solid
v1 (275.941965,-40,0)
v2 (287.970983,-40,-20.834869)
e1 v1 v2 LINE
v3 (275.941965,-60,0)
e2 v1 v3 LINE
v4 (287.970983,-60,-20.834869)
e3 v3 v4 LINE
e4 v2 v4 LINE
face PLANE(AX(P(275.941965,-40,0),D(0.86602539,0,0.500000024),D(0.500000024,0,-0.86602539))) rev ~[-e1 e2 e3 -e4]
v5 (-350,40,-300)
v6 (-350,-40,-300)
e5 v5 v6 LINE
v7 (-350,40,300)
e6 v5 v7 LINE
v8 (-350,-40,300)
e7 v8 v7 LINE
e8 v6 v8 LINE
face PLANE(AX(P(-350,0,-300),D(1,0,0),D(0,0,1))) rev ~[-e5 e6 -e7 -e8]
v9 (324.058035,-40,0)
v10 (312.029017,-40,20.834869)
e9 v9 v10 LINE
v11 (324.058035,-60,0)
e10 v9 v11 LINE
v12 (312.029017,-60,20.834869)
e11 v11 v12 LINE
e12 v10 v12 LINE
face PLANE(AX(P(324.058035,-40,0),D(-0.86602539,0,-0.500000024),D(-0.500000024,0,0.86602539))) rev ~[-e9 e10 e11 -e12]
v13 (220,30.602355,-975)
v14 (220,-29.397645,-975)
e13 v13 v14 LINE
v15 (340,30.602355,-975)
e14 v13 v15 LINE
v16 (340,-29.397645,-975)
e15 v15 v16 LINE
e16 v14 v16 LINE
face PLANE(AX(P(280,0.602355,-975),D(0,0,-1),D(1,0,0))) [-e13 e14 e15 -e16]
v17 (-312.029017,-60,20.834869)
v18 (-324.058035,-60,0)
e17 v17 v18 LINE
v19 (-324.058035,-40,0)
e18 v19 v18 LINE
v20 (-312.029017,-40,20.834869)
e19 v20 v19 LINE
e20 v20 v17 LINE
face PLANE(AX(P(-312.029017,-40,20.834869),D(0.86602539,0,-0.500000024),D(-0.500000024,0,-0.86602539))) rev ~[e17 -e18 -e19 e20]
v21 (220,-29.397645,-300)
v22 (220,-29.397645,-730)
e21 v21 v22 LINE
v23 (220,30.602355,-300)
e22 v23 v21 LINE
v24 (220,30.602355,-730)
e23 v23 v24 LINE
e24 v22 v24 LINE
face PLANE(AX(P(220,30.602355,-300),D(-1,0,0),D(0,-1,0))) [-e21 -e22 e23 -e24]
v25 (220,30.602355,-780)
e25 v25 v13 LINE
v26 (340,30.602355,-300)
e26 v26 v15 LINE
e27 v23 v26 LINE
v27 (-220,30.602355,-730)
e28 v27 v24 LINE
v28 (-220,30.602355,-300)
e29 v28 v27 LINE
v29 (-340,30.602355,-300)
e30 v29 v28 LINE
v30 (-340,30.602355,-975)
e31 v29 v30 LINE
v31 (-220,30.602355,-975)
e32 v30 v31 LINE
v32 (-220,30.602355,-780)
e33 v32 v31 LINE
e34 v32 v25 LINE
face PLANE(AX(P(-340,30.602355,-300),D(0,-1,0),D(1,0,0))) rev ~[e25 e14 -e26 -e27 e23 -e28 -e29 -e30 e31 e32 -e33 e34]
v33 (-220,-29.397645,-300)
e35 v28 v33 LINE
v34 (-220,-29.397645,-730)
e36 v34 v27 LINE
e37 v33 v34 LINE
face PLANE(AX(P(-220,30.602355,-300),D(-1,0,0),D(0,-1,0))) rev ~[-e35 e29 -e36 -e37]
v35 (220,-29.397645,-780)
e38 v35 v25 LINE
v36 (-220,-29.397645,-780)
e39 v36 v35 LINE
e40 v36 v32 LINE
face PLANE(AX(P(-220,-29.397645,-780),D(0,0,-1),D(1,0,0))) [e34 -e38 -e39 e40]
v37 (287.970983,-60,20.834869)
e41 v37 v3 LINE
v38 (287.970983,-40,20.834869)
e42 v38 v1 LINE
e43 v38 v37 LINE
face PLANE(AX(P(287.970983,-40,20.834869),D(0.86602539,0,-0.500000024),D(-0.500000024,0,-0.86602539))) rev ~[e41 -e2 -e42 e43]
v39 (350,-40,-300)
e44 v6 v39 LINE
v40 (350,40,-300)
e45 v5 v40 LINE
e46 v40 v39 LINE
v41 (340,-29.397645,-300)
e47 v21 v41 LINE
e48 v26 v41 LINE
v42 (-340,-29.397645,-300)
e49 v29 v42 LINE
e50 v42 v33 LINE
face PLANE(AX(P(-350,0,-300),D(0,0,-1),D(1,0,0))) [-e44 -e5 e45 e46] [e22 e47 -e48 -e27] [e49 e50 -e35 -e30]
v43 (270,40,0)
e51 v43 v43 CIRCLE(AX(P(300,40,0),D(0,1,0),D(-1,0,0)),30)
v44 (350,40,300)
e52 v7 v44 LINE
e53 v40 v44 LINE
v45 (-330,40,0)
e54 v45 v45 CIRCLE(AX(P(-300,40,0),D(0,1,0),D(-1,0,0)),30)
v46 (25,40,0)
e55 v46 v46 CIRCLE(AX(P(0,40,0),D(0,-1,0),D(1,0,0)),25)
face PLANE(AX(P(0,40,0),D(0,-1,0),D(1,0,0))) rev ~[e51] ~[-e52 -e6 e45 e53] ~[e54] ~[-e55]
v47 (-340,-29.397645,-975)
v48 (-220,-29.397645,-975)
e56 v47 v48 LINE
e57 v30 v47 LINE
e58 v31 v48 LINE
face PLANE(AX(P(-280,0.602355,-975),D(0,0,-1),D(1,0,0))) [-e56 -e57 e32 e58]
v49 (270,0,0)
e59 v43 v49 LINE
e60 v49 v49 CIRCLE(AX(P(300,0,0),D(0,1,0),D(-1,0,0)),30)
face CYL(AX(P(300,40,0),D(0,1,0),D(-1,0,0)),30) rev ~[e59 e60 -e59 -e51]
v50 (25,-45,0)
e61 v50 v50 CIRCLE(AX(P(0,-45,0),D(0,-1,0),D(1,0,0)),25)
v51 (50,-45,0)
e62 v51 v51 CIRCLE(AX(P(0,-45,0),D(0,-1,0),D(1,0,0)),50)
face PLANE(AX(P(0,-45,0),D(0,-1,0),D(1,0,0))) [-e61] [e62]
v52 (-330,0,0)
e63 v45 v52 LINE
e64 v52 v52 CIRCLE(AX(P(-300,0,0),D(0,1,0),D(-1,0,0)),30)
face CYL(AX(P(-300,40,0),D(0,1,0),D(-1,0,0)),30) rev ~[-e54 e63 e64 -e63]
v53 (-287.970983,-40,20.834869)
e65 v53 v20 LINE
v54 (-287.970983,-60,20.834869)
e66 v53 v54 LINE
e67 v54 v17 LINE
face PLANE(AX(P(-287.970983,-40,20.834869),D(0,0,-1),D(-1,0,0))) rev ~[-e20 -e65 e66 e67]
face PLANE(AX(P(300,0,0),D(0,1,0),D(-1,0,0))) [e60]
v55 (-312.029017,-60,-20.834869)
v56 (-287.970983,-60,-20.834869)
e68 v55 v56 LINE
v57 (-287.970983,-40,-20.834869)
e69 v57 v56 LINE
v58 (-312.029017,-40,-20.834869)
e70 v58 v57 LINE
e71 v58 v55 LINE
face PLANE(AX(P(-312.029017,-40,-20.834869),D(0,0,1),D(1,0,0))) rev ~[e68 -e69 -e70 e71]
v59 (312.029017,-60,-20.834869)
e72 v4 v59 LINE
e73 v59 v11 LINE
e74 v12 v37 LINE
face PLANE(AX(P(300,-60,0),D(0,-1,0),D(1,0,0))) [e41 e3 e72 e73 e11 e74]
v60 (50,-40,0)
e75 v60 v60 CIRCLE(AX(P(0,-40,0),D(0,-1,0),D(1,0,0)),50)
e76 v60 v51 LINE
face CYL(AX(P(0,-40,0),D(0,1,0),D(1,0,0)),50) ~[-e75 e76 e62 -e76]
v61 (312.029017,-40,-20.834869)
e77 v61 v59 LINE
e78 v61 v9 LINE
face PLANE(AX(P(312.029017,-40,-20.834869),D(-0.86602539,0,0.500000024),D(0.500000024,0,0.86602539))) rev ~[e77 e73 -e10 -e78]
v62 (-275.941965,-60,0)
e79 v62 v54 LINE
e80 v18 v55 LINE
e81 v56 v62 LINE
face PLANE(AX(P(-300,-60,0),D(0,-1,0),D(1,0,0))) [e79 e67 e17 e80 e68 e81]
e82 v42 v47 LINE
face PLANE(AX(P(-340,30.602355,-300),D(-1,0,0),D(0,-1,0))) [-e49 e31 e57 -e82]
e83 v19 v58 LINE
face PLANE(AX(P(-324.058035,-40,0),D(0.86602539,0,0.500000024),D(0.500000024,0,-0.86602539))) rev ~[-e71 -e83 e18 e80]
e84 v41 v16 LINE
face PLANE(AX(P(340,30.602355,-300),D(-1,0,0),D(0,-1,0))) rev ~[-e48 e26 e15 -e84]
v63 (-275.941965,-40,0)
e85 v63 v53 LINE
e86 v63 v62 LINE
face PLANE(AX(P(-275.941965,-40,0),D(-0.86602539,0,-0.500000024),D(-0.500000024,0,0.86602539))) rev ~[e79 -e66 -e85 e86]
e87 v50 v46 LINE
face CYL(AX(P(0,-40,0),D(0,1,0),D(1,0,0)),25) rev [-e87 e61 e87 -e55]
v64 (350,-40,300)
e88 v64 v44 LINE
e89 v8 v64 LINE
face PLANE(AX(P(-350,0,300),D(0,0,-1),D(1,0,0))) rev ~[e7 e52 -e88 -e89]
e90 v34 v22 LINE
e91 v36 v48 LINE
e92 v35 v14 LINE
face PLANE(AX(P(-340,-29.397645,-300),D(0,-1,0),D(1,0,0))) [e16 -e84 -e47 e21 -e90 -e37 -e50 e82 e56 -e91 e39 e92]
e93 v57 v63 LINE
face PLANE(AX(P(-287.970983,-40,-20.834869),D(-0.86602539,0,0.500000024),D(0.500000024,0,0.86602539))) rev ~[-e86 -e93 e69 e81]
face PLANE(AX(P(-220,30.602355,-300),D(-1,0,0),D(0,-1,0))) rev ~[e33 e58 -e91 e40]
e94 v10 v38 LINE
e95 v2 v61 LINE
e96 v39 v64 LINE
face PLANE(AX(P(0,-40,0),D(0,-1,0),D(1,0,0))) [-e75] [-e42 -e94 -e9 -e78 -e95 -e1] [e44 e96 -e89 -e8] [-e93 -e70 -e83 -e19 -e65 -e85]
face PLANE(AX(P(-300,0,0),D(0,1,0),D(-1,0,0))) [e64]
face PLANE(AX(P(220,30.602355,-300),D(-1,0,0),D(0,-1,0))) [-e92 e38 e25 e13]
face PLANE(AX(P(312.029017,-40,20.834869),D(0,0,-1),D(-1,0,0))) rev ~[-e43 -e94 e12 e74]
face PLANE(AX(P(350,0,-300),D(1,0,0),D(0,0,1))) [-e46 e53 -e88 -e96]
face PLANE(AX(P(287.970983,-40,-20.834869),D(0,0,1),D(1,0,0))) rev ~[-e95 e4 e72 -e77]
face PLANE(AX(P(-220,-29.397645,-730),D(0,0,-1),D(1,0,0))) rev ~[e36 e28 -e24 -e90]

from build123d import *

# Parameters (mm, degrees)
F0_W      = 700
F0_H      = 600
F0_R      = 25
F1_DEPTH  = 40
F2_R      = 30
F3_DEPTH  = 40
F5_DEPTH  = 20
F6_W      = 120
F6_H      = 60
F7_DEPTH  = 675
F8_W      = 440
F8_H      = 50
F9_DEPTH  = 60
F10_R     = 50
F10_R_2   = 25
F11_DEPTH = 5


with BuildPart() as f1:
    # F0 (on Front) → F1 (new body, symmetric)
    with BuildSketch(Plane.XZ):
        Rectangle(F0_W, F0_H)
        Circle(F0_R, mode=Mode.SUBTRACT)
    extrude(amount=F1_DEPTH, both=True)

    # F2 (on face) → F3 (cut)
    with BuildSketch(Plane(origin=(0, 40, 0), x_dir=(-1, 0, 0), z_dir=(0, 1, 0))):
        with Locations((-300, 0)):
            Circle(F2_R)
        with Locations((300, 0)):
            Circle(F2_R)
    extrude(amount=-F3_DEPTH, mode=Mode.SUBTRACT)

    # F4 (on face) → F5 (join)
    with BuildSketch(Plane.XZ.offset(40)):
        Polygon((-312.029017, -20.834869), (-287.970983, -20.834869), (-275.941965, 0), (-287.970983, 20.834869), (-312.029017, 20.834869), (-324.058035, 0), align=None)
        Polygon((287.970983, 20.834869), (275.941965, 0), (287.970983, -20.834869), (312.029017, -20.834869), (324.058035, 0), (312.029017, 20.834869), align=None)
    extrude(amount=F5_DEPTH)

    # F6 (on face) → F7 (join)
    with BuildSketch(Plane(origin=(0, 0, -300), x_dir=(1, 0, 0), z_dir=(0, 0, -1))):
        with Locations((-280, -0.602355)):
            Rectangle(F6_W, F6_H)
        with Locations((280, -0.602355)):
            Rectangle(F6_W, F6_H)
    extrude(amount=F7_DEPTH)

    # F8 (on face) → F9 (join)
    with BuildSketch(Plane.XZ.offset(29.397645)):
        with Locations((0, -755)):
            Rectangle(F8_W, F8_H)
    extrude(amount=-F9_DEPTH)

    # F10 (on face) → F11 (join)
    with BuildSketch(Plane.XZ.offset(40)):
        Circle(F10_R)
        Circle(F10_R_2, mode=Mode.SUBTRACT)
    extrude(amount=F11_DEPTH)


solid = f1.part
